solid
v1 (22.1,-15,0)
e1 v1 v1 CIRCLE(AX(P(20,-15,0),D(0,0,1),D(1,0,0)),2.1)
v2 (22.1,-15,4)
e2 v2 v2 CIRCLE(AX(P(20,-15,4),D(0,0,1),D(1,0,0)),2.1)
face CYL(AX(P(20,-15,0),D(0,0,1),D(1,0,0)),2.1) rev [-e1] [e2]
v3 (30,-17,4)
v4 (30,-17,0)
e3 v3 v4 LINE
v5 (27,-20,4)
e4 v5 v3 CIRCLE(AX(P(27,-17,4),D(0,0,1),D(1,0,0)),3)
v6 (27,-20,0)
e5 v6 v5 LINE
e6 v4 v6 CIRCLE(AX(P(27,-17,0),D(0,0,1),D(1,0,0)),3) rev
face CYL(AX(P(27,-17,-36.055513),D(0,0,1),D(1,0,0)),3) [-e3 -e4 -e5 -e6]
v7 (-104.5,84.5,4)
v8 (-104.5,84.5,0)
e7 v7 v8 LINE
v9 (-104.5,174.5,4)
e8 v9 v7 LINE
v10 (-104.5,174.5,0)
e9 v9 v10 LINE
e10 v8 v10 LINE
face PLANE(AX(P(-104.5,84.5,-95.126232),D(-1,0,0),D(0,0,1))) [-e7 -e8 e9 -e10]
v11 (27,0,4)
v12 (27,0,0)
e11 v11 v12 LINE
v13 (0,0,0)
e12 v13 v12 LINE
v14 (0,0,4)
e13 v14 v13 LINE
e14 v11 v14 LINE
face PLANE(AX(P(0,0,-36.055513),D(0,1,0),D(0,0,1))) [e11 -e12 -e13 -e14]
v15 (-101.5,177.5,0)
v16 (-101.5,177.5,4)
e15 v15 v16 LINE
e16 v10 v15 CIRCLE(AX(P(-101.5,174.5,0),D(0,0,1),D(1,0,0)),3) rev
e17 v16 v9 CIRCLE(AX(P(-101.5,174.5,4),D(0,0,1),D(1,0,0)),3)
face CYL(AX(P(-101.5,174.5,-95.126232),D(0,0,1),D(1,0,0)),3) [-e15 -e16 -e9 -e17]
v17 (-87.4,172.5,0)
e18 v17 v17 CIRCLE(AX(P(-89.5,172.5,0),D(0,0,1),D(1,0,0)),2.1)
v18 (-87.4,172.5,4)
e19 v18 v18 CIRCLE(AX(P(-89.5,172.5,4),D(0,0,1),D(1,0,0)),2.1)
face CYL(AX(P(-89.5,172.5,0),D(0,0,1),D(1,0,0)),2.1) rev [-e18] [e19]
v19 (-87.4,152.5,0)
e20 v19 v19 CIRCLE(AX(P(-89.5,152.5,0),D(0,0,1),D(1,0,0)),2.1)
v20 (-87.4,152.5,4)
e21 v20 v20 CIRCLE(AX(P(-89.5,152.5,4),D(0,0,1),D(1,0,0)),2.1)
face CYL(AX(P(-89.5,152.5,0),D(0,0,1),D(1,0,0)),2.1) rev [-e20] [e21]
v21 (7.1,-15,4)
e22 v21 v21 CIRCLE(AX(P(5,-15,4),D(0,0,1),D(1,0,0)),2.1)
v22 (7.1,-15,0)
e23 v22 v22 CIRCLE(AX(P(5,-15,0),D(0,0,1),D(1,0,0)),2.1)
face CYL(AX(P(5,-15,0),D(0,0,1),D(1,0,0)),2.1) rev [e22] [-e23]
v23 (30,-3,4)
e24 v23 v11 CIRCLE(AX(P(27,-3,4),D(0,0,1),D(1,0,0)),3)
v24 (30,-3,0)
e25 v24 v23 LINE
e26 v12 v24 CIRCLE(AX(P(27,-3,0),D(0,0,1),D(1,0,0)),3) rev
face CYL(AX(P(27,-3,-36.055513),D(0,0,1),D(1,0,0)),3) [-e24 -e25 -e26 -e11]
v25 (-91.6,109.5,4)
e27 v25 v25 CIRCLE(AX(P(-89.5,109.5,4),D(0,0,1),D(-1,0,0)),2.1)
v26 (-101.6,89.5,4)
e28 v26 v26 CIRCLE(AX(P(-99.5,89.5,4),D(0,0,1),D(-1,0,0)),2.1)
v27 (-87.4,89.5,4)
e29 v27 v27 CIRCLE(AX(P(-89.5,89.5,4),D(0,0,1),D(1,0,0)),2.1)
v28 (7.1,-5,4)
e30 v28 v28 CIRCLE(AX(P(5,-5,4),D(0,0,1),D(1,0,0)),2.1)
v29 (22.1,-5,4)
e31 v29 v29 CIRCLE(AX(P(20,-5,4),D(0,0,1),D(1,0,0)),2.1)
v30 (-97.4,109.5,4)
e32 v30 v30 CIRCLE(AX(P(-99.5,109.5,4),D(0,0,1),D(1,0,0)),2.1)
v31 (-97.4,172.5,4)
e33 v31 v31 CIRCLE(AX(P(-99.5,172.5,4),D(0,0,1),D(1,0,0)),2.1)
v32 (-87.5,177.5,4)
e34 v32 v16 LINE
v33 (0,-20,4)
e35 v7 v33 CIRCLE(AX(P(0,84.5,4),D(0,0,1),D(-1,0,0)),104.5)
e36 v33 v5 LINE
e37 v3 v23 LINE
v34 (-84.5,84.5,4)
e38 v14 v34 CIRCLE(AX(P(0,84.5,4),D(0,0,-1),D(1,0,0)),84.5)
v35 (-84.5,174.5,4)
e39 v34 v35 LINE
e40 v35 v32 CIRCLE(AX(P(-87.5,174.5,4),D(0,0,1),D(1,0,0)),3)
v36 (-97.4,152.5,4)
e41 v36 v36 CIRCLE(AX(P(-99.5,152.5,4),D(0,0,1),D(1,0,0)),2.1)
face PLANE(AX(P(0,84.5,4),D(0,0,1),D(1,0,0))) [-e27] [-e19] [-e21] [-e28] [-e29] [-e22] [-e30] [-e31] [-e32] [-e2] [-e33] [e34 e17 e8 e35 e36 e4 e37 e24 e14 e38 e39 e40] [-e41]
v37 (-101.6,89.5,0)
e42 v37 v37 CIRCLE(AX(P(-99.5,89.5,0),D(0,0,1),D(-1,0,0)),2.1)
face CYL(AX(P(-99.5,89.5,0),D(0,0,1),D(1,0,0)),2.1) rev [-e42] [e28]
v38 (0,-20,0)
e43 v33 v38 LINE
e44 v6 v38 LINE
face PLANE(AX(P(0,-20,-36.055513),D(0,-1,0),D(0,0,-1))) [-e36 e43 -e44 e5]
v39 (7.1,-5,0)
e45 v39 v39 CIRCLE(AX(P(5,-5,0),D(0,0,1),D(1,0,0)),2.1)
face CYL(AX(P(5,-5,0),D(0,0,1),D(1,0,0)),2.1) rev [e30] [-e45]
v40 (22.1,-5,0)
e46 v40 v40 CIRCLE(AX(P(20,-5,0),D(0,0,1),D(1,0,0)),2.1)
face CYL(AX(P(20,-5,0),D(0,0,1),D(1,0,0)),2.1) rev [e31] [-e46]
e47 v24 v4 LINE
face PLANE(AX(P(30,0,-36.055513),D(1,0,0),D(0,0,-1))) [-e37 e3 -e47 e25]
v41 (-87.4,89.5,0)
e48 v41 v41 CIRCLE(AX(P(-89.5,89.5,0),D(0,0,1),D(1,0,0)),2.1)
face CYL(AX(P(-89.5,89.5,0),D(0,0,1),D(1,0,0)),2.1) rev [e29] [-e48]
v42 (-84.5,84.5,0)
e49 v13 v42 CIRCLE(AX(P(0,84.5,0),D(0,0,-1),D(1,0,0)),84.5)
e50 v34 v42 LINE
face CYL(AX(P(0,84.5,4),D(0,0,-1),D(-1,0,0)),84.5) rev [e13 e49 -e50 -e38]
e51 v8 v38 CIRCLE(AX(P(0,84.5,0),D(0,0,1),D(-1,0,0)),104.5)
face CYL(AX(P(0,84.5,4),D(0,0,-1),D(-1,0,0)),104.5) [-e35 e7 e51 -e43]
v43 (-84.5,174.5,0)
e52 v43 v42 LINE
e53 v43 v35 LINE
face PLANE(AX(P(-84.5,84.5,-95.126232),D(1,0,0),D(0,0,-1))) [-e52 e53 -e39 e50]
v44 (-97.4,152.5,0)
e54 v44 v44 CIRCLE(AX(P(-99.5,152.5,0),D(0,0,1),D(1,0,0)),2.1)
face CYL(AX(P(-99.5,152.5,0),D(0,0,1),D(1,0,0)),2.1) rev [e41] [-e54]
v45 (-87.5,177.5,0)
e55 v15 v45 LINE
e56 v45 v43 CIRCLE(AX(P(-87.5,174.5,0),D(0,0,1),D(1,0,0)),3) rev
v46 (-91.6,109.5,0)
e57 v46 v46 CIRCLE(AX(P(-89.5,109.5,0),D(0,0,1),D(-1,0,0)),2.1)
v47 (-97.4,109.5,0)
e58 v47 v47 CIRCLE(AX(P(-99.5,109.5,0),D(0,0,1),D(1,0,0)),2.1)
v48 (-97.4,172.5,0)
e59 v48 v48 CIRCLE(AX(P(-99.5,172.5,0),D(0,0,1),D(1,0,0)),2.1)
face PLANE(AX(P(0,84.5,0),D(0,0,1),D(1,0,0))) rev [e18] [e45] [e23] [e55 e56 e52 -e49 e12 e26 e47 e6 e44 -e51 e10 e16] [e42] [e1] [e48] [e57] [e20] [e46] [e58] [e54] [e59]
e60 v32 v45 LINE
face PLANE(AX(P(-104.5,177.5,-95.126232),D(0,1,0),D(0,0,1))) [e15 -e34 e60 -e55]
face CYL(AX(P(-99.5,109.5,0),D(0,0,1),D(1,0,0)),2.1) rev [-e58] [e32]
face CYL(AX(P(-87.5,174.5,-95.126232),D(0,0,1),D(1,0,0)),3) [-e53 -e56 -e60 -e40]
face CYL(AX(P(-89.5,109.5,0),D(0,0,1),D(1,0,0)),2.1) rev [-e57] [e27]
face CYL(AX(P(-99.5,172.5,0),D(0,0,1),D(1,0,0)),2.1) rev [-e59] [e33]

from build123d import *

# Parameters (mm, degrees)
EXTRUDE_1_DEPTH     = 4
SKETCH_5_W          = 20
SKETCH_5_H          = 93
EXTRUDE_4_DEPTH     = 4
SKETCH_6_W          = 30
SKETCH_6_H          = 20
EXTRUDE_5_DEPTH     = 4
SKETCH_7_R          = 2.1
CUT_EXTRUDE_2_DEPTH = 5
FILLET_2_R          = 3


with BuildPart() as part:
    # 草图1 → 凸台-拉伸1 (new body)
    with BuildSketch(Plane.XY):
        with BuildLine():
            Line((0, 0), (0, -20))
            ThreePointArc((0, -20), (-73.892658634, 10.607341366), (-104.5, 84.5))
            Line((-104.5, 84.5), (-84.5, 84.5))
            ThreePointArc((-84.5, 84.5), (-59.75052301, 24.74947699), (0, 0))
        make_face()
    extrude(amount=EXTRUDE_1_DEPTH)

    # 草图5 → 凸台-拉伸4 (add)
    with BuildSketch(Plane.XY.offset(4)):
        with Locations((-94.5, 131)):
            Rectangle(SKETCH_5_W, SKETCH_5_H)
    extrude(amount=-EXTRUDE_4_DEPTH)

    # 草图6 → 凸台-拉伸5 (add)
    with BuildSketch(Plane.XY.offset(4)):
        with Locations((15, -10)):
            Rectangle(SKETCH_6_W, SKETCH_6_H)
    extrude(amount=-EXTRUDE_5_DEPTH)

    # 草图7 → 切除-拉伸2 (cut, through all)
    with BuildSketch(Plane.XY.offset(4)):
        with Locations((-99.5, 109.5)):
            Circle(SKETCH_7_R)
        with Locations((-89.5, 109.5)):
            Circle(SKETCH_7_R)
        with Locations((-89.5, 89.5)):
            Circle(SKETCH_7_R)
        with Locations((-99.5, 89.5)):
            Circle(SKETCH_7_R)
        with Locations((-99.5, 152.5)):
            Circle(SKETCH_7_R)
        with Locations((-89.5, 152.5)):
            Circle(SKETCH_7_R)
        with Locations((-89.5, 172.5)):
            Circle(SKETCH_7_R)
        with Locations((-99.5, 172.5)):
            Circle(SKETCH_7_R)
        with Locations((20, -15)):
            Circle(SKETCH_7_R)
        with Locations((20, -5)):
            Circle(SKETCH_7_R)
        with Locations((5, -5)):
            Circle(SKETCH_7_R)
        with Locations((5, -15)):
            Circle(SKETCH_7_R)
    extrude(amount=-CUT_EXTRUDE_2_DEPTH, mode=Mode.SUBTRACT)

    # 圆角2
    fillet_2_edges = [part.edges().sort_by_distance(p)[0] for p in [
        (-104.5, 177.5, 2),
        (-84.5, 177.5, 2),
        (30, 0, 2),
        (30, -20, 2),
    ]]
    fillet(fillet_2_edges, radius=FILLET_2_R)


solid = part.part
